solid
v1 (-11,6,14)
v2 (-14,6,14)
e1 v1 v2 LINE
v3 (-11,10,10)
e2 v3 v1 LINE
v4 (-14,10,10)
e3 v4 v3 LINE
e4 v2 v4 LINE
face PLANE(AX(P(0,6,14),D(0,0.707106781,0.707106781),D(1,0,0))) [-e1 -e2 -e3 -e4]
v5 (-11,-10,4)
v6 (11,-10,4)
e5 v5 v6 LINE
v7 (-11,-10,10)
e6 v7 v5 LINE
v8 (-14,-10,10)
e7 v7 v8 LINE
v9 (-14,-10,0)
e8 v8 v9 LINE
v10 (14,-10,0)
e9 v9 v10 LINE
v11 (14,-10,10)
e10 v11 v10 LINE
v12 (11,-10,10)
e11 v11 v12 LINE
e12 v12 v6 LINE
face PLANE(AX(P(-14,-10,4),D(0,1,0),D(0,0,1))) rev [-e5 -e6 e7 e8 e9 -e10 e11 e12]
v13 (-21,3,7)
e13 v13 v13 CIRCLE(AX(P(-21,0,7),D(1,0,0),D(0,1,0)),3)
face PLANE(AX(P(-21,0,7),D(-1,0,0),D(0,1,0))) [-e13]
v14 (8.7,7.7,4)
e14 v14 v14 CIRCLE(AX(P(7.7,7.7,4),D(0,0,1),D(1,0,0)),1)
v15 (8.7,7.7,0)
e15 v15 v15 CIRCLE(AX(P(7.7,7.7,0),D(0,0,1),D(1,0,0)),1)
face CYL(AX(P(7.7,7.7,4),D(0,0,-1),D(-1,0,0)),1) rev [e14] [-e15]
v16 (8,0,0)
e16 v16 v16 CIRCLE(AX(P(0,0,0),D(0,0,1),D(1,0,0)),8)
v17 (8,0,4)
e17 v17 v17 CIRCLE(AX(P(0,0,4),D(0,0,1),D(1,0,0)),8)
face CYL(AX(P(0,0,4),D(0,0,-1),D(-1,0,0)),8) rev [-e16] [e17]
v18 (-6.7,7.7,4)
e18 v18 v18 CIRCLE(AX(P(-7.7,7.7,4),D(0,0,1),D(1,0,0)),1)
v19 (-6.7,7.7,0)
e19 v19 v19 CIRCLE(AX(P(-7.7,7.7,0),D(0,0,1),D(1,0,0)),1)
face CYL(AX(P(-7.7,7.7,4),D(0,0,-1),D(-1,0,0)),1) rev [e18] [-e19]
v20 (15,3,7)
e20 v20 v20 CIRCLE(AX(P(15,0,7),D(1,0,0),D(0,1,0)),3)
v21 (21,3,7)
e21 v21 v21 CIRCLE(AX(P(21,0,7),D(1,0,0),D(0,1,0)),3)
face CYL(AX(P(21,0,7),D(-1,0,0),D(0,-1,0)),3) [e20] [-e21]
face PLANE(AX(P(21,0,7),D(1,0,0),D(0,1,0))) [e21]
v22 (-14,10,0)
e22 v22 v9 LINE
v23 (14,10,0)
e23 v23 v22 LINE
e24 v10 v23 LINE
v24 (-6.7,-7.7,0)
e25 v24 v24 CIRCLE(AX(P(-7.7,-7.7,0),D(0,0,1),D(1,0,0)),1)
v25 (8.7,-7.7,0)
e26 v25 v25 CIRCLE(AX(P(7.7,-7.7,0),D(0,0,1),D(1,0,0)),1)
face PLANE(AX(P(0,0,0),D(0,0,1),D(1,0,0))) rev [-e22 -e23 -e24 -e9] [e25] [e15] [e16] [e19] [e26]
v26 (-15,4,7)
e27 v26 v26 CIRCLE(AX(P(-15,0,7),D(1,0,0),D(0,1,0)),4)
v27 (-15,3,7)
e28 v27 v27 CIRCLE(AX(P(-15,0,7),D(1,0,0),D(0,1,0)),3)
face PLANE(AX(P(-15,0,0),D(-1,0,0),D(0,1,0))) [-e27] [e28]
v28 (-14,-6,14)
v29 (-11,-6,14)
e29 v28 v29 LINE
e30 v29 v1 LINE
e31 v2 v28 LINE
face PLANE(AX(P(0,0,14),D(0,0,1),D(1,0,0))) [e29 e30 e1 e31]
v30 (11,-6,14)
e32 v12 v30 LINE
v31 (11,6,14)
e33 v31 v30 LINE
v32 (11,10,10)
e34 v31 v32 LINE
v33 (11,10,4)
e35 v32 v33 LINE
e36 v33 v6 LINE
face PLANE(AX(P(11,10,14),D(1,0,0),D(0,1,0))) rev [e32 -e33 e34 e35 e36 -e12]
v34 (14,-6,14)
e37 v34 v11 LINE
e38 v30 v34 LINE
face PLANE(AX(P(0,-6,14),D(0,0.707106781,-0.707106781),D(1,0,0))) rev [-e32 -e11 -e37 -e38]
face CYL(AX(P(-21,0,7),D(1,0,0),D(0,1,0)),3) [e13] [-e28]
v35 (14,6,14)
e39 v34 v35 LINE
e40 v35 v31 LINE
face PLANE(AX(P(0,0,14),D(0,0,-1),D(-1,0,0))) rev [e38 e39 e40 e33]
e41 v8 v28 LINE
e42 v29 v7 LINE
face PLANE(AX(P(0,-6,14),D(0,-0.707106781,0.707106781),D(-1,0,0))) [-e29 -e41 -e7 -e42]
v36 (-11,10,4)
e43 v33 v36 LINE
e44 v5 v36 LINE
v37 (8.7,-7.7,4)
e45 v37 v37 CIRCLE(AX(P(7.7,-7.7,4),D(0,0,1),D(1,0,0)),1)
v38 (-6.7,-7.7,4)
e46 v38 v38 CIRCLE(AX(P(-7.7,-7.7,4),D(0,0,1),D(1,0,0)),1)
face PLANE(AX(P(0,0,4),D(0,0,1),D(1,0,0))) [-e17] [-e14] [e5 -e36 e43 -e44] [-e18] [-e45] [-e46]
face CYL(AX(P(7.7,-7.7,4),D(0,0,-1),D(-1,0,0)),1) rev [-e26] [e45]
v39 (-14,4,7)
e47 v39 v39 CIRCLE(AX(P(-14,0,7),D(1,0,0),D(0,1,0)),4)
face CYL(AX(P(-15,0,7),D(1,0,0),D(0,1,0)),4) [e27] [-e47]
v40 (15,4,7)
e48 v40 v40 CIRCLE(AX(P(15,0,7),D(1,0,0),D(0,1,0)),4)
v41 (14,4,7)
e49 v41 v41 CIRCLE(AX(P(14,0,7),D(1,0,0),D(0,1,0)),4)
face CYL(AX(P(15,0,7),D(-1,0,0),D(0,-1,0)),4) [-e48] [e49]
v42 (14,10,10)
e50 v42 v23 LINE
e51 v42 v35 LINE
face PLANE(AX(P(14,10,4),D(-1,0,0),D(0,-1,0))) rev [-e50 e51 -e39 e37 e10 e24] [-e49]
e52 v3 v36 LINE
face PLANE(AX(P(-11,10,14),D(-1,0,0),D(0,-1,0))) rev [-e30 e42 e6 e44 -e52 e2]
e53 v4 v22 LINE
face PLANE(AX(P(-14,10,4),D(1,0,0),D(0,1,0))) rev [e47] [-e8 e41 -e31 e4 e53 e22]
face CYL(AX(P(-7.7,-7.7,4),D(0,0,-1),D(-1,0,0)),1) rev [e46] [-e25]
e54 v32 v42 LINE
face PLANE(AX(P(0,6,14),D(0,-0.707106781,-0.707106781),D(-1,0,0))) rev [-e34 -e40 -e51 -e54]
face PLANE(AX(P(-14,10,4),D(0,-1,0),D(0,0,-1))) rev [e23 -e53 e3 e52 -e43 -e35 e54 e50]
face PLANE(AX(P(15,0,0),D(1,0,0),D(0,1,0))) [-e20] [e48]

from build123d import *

# Parameters (mm, degrees)
SKETCH_1_W      = 28
SKETCH_1_H      = 20
SKETCH_1_R      = 1
SKETCH_1_R_2    = 8
EXTRUDE_1_DEPTH = 4
SKETCH_2_W      = 3
SKETCH_2_H      = 20
EXTRUDE_2_DEPTH = 10
SKETCH_3_R      = 4
SKETCH_3_R_2    = 3
EXTRUDE_3_DEPTH = 1
SKETCH_4_R      = 3
EXTRUDE_4_DEPTH = 6
CHAMFER_1_SIZE  = 4


with BuildPart() as part:
    # 草图1 → 凸台-拉伸1 (new body)
    with BuildSketch(Plane.XY):
        Rectangle(SKETCH_1_W, SKETCH_1_H)
        with Locations((7.7, -7.7)):
            Circle(SKETCH_1_R, mode=Mode.SUBTRACT)
        Circle(SKETCH_1_R_2, mode=Mode.SUBTRACT)
        with Locations((-7.7, -7.7)):
            Circle(SKETCH_1_R, mode=Mode.SUBTRACT)
        with Locations((-7.7, 7.7)):
            Circle(SKETCH_1_R, mode=Mode.SUBTRACT)
        with Locations((7.7, 7.7)):
            Circle(SKETCH_1_R, mode=Mode.SUBTRACT)
    extrude(amount=EXTRUDE_1_DEPTH)

    # 草图2 → 凸台-拉伸2 (add)
    with BuildSketch(Plane.XY.offset(4)):
        with Locations((-12.5, 0)):
            Rectangle(SKETCH_2_W, SKETCH_2_H)
        with Locations((12.5, 0)):
            Rectangle(SKETCH_2_W, SKETCH_2_H)
    extrude(amount=EXTRUDE_2_DEPTH)

    # 草图3 → 凸台-拉伸3 (add)
    # profile 1 of 2: a face of its own
    with BuildSketch(Plane(origin=(14, 0, 0), x_dir=(0, 0, -1), z_dir=(1, 0, 0))):
        with Locations(Location((-7, 0, 0), (0, 0, 90))):
            Circle(SKETCH_3_R)
        with Locations((-7, 0)):
            Circle(SKETCH_3_R_2, mode=Mode.SUBTRACT)
    # profile 2 of 2: a face of its own
    with BuildSketch(Plane(origin=(14, 0, 0), x_dir=(0, 0, -1), z_dir=(1, 0, 0))):
        with Locations((-7, 0)):
            Circle(SKETCH_3_R_2)
    extrude_3 = extrude(amount=EXTRUDE_3_DEPTH)

    # 草图4 → 凸台-拉伸4 (add)
    with BuildSketch(Plane(origin=(15, 0, 0), x_dir=(0, 0, -1), z_dir=(1, 0, 0))):
        with Locations(Location((-7, 0, 0), (0, 0, 90))):
            Circle(SKETCH_4_R)
    extrude_4 = extrude(amount=EXTRUDE_4_DEPTH)

    # 倒角1
    chamfer_1_edges = [part.edges().sort_by_distance(p)[0] for p in [
        (-12.5, -10, 14),
        (-12.5, 10, 14),
        (12.5, 10, 14),
        (12.5, -10, 14),
    ]]
    chamfer(chamfer_1_edges, length=CHAMFER_1_SIZE)

    # 镜向2: 凸台-拉伸3, 凸台-拉伸4 across plane
    add(extrude_3.mirror(Plane(origin=(0, 0, 0), x_dir=(0, 0, 1), z_dir=(1, 0, 0))))
    add(extrude_4.mirror(Plane(origin=(0, 0, 0), x_dir=(0, 0, 1), z_dir=(1, 0, 0))))


solid = part.part
